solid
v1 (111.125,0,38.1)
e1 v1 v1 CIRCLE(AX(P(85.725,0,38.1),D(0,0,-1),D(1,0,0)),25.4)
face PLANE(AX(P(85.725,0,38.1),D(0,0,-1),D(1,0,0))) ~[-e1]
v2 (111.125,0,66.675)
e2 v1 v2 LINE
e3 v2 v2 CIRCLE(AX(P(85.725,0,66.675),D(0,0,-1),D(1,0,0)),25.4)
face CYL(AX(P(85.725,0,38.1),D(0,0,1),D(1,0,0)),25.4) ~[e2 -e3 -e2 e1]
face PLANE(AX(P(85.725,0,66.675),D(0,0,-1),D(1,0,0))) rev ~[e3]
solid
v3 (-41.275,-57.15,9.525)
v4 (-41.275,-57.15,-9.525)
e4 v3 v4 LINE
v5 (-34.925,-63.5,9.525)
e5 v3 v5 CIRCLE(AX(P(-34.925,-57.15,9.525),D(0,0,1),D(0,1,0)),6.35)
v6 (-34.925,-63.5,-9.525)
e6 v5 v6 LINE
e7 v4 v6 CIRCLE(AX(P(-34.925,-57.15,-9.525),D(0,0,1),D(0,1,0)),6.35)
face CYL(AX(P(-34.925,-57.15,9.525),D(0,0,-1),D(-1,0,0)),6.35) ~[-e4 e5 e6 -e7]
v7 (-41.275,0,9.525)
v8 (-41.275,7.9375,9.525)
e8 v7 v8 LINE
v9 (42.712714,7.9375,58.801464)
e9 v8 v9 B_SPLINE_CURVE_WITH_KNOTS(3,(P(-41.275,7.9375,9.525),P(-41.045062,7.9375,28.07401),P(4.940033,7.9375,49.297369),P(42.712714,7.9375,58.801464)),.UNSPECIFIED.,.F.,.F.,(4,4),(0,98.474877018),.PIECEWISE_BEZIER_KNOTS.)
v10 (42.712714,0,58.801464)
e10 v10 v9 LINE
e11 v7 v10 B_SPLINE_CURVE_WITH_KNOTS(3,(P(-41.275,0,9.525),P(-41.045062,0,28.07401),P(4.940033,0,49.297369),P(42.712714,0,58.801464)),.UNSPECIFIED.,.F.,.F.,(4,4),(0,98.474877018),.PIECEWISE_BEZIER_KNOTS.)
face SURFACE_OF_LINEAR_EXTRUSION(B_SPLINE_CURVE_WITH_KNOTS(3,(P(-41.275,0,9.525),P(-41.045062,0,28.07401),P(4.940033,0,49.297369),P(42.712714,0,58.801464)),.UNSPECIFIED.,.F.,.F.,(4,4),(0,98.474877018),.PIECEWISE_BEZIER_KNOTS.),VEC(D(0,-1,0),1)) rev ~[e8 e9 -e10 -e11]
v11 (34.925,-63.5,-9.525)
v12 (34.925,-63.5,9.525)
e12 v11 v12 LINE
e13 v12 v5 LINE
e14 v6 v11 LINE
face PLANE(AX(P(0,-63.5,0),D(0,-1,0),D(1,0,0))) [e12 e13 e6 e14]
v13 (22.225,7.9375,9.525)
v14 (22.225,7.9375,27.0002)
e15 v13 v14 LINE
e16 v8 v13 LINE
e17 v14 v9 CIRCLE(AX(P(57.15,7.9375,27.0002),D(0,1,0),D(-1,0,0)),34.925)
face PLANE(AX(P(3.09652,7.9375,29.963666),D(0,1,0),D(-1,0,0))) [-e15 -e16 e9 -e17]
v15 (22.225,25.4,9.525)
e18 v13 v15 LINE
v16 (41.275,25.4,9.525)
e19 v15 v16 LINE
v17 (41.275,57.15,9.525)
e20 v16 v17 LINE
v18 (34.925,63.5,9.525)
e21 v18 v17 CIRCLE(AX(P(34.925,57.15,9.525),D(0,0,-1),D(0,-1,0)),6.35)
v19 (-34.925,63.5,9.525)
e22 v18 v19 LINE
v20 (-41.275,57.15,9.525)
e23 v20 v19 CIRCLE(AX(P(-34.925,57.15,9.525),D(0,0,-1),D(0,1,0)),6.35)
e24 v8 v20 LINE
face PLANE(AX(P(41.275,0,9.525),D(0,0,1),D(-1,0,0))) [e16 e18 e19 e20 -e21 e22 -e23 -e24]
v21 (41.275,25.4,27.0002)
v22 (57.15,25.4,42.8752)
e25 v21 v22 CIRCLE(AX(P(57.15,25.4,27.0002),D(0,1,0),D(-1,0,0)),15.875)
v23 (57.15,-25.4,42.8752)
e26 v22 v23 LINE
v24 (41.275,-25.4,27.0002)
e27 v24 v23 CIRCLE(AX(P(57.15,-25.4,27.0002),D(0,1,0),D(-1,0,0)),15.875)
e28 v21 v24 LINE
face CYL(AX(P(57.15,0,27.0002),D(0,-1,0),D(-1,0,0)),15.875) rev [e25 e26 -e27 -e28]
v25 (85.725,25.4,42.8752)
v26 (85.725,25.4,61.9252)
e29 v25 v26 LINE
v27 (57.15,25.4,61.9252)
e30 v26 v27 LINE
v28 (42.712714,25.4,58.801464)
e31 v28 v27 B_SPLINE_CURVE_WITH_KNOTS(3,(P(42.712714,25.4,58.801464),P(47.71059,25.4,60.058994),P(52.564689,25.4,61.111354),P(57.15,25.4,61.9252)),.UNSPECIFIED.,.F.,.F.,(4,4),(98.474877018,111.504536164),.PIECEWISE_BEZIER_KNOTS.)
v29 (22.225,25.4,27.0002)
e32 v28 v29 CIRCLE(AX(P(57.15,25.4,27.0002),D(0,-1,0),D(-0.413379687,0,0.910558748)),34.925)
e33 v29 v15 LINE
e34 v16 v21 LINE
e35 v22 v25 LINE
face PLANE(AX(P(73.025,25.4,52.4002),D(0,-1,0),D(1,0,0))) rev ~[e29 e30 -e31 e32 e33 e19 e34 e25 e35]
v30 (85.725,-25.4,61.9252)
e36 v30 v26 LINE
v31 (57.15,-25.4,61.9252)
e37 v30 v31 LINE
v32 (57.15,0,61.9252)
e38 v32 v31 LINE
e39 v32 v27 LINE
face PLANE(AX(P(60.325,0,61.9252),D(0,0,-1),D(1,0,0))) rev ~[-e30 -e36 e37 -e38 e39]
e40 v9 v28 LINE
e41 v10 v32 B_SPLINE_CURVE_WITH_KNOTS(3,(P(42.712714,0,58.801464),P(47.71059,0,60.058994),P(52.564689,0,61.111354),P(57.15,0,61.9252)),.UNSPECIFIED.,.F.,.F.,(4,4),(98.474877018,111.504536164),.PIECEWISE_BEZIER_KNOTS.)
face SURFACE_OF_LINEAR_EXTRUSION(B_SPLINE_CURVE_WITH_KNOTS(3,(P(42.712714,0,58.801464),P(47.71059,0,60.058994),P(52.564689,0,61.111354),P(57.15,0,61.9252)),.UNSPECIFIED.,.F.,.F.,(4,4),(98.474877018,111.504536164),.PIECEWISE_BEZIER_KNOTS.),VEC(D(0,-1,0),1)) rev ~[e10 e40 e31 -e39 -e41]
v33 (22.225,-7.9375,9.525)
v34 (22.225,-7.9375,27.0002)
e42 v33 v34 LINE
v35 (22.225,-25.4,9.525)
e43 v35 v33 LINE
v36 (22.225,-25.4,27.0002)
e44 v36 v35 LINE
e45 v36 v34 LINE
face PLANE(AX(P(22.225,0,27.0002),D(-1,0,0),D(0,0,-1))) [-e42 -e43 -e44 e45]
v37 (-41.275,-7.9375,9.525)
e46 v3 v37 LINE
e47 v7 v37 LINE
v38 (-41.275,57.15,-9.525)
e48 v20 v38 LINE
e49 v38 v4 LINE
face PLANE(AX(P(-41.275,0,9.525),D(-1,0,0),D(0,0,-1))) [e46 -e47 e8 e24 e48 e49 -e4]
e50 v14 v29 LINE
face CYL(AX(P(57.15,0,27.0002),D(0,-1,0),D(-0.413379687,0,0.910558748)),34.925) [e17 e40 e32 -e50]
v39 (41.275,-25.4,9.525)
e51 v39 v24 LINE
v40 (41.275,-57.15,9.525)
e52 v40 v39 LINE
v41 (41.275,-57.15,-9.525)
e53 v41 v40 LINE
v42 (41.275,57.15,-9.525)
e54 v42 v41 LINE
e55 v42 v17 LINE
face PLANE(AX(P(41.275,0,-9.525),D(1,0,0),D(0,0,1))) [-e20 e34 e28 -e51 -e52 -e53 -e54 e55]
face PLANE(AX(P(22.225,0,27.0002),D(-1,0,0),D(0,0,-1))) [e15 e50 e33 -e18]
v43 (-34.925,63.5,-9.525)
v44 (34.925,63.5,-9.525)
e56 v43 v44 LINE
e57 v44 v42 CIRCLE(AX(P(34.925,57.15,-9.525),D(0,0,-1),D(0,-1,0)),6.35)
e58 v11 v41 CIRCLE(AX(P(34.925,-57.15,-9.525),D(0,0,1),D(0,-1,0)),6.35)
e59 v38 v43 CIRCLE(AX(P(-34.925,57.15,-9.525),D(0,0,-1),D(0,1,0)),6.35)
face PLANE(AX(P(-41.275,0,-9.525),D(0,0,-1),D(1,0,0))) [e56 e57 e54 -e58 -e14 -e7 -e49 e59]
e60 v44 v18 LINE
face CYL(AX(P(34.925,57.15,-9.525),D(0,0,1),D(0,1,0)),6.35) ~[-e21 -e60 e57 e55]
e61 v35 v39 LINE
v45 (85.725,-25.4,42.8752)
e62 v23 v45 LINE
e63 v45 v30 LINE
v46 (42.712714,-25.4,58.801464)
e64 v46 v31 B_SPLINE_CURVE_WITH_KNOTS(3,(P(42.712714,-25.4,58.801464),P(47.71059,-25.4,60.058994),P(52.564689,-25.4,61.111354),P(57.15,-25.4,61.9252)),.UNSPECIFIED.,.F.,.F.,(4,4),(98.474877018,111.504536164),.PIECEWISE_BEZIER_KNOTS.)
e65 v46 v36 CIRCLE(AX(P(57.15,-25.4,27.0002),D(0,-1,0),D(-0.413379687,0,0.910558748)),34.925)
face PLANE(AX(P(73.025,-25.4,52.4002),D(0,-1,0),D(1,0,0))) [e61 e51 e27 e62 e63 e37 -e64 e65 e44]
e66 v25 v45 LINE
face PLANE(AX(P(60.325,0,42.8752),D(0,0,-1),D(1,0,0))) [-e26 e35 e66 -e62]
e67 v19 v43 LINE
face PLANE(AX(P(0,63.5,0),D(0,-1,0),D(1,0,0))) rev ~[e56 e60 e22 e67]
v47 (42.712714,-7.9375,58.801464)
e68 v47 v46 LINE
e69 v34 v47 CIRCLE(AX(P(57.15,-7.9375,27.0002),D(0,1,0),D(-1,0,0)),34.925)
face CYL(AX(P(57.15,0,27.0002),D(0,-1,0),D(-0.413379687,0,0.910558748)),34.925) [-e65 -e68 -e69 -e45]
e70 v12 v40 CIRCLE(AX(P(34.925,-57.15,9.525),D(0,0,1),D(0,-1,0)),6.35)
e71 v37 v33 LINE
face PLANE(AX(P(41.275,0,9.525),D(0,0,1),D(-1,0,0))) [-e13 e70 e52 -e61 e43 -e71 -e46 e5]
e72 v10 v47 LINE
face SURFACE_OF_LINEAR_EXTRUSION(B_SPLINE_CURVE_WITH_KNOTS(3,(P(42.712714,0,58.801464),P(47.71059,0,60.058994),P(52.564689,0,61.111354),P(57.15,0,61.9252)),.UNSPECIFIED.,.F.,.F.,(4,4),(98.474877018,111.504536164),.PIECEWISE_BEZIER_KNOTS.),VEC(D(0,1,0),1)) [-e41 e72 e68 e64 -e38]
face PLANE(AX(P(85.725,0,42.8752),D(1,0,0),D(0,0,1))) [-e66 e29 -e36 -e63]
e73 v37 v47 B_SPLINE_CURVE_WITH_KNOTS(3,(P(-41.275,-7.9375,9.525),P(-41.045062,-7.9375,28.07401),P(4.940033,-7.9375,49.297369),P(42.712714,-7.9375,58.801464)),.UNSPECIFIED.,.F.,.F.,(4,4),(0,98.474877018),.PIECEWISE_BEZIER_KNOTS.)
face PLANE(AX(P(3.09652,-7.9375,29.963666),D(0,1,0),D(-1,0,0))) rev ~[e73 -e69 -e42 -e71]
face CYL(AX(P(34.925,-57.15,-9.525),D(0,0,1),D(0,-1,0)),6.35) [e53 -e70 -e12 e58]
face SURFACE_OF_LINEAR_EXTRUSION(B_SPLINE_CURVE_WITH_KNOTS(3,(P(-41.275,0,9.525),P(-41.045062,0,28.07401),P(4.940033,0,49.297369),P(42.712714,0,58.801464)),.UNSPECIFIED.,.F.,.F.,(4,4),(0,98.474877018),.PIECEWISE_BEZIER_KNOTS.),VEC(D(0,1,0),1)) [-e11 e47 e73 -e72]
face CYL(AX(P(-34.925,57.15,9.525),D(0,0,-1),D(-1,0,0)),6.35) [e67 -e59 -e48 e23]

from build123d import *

# Parameters (mm, degrees)
F1_DEPTH = 25.4
F2_DEPTH = 63.5
F0_W     = 25.4
F0_H     = 19.05
F3_DEPTH = 25.4
F4_DEPTH = 7.9375
F6_R     = 6.35


with BuildPart() as f1:
    # F0 (on Front) → F1 (new body, symmetric)
    with BuildSketch(Plane.XZ):
        with BuildLine():
            Line((22.225, 9.525), (41.275, 9.525))
            Line((41.275, 9.525), (41.275, 27.0002))
            ThreePointArc((41.275, 27.0002), (45.9246798487, 38.2255201513), (57.15, 42.8752))
            Line((57.15, 42.8752), (60.325, 42.8752))
            Line((60.325, 42.8752), (60.325, 61.9252))
            Line((60.325, 61.9252), (57.15, 61.9252))
            add(Edge.make_bspline(
                [(42.7127144253, 58.8014642867), (47.7105898619, 60.0589943482), (52.5646894351, 61.1113536109), (57.15, 61.9252)],
                knots=[98.4748770182, 98.4748770182, 98.4748770182, 98.4748770182, 111.5045361635, 111.5045361635, 111.5045361635, 111.5045361635], degree=3))
            ThreePointArc((42.7127144253, 58.8014642867), (27.7903523208, 45.9149221273), (22.225, 27.0002))
            Line((22.225, 27.0002), (22.225, 9.525))
        make_face()
    extrude(amount=F1_DEPTH, both=True)

    # F0 (on Front) → F2 (join, symmetric)
    with BuildSketch(Plane.XZ):
        Polygon((-41.275, 9.525), (-41.275, -9.525), (41.275, -9.525), (41.275, 9.525), (22.225, 9.525), align=None)
    extrude(amount=F2_DEPTH, both=True)

    # F0 (on Front) → F3 (join, symmetric)
    with BuildSketch(Plane.XZ):
        with Locations((73.025, 52.4002)):
            Rectangle(F0_W, F0_H)
    extrude(amount=F3_DEPTH, both=True)

    # F0 (on Front) → F4 (join, symmetric)
    with BuildSketch(Plane.XZ):
        with BuildLine():
            add(Edge.make_bspline(
                [(-41.275, 9.525), (-41.0450619482, 28.0740104244), (4.9400326168, 49.2973693012), (42.7127144253, 58.8014642867)],
                knots=[0, 0, 0, 0, 98.4748770182, 98.4748770182, 98.4748770182, 98.4748770182], degree=3))
            Line((-41.275, 9.525), (22.225, 9.525))
            Line((22.225, 9.525), (22.225, 27.0002))
            ThreePointArc((22.225, 27.0002), (27.7903523208, 45.9149221273), (42.7127144253, 58.8014642867))
        make_face()
    extrude(amount=F4_DEPTH, both=True)

    # F6
    f6_edges = [f1.edges().sort_by_distance(p)[0] for p in [
        (41.275, -63.5, 0),
        (-41.275, -63.5, 0),
        (41.275, 63.5, 0),
        (-41.275, 63.5, 0),
    ]]
    fillet(f6_edges, radius=F6_R)


with BuildPart() as f5:
    # F0 (on Front) → F5 (revolve)
    with BuildSketch(Plane.XZ):
        Polygon((85.725, 66.675), (85.725, 61.9252), (85.725, 42.8752), (85.725, 38.1), (111.125, 38.1), (111.125, 66.675), align=None)
    revolve(axis=Axis((85.725, 0, 52.3875), (0, 0, -1)))


solid = Compound([f1.part, f5.part])
